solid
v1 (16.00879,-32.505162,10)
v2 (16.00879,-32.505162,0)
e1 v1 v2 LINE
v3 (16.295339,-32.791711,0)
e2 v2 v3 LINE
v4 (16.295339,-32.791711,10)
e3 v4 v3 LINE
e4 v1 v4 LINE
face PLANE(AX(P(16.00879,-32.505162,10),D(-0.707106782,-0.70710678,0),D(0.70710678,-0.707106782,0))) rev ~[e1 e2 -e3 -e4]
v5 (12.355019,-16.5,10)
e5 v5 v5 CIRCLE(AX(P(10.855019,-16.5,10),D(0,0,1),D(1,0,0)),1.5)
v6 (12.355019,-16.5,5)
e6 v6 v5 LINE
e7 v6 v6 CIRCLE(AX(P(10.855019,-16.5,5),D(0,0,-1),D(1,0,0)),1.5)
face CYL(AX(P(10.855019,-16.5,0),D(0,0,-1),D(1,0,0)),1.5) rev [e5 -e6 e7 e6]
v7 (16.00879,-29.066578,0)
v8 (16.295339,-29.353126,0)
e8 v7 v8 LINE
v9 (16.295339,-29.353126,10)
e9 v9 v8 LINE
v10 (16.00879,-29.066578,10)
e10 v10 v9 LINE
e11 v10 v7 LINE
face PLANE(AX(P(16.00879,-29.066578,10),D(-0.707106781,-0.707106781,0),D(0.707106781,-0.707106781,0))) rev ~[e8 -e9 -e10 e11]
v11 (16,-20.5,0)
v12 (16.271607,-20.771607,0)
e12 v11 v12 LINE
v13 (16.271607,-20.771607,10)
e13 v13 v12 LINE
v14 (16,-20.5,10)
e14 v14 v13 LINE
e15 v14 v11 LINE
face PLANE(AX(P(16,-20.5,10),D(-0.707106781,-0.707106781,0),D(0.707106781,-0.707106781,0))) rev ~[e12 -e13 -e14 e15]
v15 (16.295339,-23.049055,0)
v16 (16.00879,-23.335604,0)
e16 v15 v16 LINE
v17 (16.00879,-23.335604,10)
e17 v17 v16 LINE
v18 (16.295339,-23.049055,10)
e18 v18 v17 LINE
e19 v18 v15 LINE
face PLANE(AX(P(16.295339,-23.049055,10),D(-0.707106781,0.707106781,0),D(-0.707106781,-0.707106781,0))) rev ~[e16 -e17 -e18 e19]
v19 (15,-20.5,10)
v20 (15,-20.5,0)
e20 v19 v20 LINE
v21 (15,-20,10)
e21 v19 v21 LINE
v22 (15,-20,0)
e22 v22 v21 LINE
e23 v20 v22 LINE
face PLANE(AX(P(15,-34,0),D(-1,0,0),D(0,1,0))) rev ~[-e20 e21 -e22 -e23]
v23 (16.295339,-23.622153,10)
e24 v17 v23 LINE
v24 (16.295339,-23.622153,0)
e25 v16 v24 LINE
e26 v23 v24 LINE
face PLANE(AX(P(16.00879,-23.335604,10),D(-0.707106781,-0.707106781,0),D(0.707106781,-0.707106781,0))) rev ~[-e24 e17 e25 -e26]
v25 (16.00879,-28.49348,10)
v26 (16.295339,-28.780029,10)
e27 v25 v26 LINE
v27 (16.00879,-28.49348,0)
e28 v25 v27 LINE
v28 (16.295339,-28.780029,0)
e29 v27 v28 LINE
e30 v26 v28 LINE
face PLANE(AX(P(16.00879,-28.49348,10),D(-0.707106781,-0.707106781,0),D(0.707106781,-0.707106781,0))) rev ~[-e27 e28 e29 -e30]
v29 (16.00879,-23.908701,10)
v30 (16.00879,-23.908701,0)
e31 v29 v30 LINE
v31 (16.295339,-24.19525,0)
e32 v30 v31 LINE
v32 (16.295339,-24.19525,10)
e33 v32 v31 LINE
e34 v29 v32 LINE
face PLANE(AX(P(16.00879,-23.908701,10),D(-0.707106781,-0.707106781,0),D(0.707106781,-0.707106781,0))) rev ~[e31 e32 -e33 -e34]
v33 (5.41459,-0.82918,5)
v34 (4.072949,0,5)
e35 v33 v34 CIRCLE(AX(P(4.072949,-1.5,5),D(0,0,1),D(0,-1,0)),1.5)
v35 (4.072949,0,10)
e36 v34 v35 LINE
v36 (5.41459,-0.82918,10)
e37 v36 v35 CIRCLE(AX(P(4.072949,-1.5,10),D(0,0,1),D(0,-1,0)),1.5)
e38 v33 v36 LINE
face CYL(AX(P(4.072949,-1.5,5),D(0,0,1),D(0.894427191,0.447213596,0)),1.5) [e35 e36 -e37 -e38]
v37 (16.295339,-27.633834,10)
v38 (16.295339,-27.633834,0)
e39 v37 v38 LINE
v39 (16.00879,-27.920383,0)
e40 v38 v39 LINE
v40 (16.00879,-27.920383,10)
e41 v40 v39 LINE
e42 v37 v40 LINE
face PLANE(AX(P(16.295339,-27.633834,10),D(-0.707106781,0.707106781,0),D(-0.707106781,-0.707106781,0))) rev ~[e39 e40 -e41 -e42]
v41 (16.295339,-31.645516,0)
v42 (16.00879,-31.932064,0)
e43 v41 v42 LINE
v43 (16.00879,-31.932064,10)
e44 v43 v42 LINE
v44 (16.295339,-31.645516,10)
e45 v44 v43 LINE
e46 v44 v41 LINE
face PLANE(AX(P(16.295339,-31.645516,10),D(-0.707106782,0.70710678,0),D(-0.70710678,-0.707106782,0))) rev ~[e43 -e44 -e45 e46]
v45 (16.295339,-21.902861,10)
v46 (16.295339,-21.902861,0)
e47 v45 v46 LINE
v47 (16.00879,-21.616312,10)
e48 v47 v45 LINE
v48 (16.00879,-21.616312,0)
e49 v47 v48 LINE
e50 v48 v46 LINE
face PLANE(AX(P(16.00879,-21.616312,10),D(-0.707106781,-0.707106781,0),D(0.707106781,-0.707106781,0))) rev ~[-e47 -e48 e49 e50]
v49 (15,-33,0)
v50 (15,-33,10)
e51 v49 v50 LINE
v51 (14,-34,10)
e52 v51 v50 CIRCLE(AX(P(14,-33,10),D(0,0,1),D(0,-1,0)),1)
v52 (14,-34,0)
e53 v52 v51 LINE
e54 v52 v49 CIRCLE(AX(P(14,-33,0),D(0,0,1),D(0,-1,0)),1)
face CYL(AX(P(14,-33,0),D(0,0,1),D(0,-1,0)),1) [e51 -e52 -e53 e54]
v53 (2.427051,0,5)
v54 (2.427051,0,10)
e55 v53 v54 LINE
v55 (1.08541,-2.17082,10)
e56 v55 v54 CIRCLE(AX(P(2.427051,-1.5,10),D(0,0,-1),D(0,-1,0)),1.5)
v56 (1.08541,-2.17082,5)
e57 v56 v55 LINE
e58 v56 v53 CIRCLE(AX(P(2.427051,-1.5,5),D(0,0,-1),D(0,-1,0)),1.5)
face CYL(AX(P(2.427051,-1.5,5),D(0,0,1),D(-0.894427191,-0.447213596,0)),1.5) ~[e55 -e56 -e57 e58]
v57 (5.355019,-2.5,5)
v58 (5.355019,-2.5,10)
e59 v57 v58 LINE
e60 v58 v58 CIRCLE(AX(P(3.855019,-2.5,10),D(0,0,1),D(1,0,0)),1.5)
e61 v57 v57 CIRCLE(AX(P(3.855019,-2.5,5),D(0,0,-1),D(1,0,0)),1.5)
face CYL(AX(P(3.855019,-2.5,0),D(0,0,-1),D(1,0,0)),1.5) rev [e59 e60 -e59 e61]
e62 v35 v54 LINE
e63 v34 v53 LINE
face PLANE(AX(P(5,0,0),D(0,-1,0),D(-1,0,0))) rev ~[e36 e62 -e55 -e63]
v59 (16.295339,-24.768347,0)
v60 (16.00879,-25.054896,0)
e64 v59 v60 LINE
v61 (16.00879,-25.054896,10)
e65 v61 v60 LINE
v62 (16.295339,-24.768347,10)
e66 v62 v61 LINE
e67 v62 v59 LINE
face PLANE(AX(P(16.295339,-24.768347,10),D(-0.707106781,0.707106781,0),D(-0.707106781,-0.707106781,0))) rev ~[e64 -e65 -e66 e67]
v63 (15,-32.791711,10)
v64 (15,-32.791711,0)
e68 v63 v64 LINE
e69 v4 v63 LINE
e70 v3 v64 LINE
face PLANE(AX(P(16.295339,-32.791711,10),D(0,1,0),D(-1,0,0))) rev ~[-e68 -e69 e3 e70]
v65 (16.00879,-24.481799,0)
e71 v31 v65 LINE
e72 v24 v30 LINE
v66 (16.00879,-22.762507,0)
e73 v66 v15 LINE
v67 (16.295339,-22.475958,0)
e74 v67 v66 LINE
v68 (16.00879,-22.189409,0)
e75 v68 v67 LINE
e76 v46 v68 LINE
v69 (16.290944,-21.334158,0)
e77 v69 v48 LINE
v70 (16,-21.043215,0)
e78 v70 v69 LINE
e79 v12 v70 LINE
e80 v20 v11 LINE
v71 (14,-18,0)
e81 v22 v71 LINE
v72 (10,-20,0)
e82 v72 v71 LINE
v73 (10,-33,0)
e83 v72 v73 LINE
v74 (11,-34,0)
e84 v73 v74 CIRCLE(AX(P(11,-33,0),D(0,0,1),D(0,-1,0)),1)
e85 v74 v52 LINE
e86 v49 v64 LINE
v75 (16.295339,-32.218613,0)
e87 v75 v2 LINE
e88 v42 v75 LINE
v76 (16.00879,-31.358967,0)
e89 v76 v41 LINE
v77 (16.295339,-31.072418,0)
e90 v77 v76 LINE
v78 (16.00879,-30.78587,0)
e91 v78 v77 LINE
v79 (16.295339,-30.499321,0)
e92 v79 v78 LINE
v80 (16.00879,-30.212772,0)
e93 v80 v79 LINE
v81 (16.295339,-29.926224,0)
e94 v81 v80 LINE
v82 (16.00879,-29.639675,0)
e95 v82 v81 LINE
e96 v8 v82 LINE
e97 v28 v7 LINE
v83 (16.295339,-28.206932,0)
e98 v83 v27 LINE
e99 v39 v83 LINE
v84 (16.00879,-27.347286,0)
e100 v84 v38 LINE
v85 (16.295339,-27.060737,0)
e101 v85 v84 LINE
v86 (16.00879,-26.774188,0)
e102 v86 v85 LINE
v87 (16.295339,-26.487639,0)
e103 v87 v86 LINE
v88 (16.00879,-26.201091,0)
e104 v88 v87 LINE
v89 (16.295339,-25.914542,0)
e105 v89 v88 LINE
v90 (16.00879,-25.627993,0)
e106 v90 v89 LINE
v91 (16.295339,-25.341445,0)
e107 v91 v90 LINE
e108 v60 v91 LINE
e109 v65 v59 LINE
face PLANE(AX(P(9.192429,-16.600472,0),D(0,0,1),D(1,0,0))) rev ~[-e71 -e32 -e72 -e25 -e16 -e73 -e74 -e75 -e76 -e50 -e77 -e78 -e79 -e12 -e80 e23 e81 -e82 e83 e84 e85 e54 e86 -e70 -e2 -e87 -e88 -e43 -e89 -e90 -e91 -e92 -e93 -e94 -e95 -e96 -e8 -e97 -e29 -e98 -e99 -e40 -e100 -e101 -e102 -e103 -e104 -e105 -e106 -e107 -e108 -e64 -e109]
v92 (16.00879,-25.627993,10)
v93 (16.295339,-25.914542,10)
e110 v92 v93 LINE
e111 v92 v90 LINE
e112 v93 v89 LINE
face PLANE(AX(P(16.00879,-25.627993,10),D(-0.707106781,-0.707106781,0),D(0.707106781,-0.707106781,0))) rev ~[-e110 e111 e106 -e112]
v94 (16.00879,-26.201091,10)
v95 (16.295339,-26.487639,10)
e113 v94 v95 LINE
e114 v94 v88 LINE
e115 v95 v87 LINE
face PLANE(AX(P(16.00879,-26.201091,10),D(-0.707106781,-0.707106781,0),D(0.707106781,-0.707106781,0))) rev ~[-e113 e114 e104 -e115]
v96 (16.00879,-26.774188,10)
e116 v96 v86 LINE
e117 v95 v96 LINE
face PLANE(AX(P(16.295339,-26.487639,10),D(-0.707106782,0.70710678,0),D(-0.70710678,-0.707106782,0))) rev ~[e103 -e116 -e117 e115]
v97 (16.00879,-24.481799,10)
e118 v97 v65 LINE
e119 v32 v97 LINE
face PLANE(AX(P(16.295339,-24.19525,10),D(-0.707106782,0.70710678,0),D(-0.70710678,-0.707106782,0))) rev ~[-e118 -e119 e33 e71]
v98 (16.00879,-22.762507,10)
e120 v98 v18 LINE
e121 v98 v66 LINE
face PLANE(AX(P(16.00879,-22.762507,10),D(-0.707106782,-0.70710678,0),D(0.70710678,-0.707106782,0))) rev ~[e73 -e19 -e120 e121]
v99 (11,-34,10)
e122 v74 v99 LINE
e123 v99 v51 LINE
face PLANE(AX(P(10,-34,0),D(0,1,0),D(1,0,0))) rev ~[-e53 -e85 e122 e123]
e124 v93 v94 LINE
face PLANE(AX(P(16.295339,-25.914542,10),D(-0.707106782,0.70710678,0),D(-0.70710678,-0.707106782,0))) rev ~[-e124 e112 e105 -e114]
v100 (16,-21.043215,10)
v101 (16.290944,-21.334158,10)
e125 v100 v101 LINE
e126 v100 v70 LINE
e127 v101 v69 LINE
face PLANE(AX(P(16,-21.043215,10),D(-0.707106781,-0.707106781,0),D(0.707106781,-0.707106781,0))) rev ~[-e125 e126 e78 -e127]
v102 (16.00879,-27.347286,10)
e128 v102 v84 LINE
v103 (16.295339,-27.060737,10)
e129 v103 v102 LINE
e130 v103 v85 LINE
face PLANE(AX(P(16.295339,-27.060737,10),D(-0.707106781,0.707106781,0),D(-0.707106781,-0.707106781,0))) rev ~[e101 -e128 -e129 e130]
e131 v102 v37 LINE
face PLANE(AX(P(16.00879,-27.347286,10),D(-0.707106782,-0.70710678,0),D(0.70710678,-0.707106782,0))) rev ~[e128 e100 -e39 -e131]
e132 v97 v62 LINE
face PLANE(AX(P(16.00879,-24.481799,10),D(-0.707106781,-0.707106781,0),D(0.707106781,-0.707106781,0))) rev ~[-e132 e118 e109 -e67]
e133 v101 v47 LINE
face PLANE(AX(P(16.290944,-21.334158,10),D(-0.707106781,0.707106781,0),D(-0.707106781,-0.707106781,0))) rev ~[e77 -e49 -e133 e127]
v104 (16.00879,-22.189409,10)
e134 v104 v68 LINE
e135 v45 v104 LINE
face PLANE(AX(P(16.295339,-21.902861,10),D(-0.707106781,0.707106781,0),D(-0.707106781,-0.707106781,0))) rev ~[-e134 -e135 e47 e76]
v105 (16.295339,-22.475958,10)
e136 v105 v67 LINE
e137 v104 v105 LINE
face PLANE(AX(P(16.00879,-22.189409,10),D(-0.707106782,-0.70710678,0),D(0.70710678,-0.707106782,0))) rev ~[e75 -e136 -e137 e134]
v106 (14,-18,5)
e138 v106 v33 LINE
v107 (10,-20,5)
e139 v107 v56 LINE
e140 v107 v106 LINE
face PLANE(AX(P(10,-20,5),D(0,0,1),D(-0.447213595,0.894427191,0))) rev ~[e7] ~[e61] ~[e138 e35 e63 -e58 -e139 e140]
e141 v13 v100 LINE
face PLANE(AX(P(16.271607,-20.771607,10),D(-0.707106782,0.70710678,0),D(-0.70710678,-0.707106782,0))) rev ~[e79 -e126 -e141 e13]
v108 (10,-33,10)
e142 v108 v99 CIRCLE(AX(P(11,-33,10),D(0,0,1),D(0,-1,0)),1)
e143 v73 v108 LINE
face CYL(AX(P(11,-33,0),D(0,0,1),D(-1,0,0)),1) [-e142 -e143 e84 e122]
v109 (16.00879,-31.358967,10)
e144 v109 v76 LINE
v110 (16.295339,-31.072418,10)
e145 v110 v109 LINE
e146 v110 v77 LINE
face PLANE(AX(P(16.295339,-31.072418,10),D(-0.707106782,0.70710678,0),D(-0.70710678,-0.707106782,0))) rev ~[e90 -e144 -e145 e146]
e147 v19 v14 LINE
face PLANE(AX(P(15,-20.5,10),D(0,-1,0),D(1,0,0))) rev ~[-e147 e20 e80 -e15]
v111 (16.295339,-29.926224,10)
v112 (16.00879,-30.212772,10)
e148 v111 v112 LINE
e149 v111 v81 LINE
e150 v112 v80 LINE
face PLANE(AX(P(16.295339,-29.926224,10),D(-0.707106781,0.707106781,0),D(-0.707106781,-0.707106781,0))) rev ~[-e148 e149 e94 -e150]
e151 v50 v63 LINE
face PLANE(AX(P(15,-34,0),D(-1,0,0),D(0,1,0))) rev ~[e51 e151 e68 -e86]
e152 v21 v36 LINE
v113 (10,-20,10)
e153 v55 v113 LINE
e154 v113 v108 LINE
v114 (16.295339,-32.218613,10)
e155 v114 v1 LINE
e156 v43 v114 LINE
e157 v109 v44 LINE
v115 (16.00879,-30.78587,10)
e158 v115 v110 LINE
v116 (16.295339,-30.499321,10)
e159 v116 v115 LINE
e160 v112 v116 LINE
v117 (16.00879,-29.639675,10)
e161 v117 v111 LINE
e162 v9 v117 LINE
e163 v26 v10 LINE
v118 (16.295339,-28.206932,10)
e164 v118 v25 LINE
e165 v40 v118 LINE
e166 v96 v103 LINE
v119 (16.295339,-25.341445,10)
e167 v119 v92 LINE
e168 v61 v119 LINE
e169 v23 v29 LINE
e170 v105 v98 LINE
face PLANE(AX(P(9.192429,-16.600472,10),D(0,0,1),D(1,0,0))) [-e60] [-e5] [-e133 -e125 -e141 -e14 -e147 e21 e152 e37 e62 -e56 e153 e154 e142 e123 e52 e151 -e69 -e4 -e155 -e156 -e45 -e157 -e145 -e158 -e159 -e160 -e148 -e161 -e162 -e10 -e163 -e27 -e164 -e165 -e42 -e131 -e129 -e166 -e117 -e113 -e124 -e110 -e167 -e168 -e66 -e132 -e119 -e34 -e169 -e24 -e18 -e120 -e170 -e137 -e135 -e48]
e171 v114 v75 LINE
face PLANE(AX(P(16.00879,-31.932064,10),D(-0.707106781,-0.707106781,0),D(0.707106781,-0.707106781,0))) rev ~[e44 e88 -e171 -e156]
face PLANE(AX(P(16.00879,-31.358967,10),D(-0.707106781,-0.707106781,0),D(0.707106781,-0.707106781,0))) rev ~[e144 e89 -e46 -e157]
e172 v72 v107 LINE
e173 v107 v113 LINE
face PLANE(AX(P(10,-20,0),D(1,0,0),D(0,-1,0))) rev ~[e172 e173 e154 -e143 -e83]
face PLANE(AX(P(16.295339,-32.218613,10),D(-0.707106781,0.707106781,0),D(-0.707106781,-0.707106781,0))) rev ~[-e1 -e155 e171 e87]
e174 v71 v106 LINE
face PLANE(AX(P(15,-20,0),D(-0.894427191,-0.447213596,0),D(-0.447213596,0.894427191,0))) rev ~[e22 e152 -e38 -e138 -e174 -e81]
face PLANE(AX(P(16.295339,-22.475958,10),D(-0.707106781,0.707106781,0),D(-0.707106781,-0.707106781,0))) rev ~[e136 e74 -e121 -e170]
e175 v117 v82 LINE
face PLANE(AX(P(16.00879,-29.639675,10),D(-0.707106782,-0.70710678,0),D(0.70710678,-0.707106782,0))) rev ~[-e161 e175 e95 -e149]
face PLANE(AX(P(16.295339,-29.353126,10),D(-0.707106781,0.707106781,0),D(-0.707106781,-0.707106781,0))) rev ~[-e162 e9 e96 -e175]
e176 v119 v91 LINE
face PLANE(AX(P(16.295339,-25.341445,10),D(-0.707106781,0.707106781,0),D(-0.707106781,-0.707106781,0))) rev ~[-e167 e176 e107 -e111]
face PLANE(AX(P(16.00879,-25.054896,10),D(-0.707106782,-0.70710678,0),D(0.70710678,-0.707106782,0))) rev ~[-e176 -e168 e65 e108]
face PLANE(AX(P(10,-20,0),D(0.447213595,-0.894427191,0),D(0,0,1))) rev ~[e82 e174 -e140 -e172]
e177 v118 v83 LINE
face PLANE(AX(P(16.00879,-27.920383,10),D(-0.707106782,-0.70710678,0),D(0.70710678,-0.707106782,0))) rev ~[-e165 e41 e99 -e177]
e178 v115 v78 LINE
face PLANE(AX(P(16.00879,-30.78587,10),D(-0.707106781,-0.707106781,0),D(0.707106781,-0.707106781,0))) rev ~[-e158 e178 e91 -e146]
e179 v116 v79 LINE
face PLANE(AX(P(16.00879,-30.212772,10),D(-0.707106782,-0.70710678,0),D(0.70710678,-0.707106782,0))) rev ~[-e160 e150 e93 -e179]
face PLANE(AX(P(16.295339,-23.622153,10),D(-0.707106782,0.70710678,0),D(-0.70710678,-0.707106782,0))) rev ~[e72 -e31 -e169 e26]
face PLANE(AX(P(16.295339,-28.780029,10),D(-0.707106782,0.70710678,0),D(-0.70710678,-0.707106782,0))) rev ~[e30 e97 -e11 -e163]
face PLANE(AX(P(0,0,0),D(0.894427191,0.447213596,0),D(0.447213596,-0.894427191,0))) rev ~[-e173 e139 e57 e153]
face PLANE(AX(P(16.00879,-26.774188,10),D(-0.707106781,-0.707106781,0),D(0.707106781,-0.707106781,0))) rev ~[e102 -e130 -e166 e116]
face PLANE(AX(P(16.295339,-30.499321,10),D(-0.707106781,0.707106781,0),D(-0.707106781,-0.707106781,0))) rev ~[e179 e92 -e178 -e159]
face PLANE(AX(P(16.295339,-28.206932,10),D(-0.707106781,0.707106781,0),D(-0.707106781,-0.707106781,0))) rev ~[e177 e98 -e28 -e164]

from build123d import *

# Parameters (mm, degrees)
SKETCH2_R           = 1.5
BOSS_EXTRUDE1_DEPTH = 10
SKETCH3_W           = 5
SKETCH3_H           = 22.360679775
CUT_EXTRUDE1_DEPTH  = 10
FILLET2_R           = 1.5
FILLET3_R           = 1
BOSS_EXTRUDE2_DEPTH = 10


with BuildPart() as part:
    # Sketch2 → Boss-Extrude1 (new body)
    with BuildSketch(Plane.XY):
        Polygon((0, 0), (10, -20), (10, -34), (15, -34), (15, -20), (5, 0), align=None)
        with Locations((3.855019194, -2.5)):
            Circle(SKETCH2_R, mode=Mode.SUBTRACT)
        with Locations((10.855019194, -16.5)):
            Circle(SKETCH2_R, mode=Mode.SUBTRACT)
    extrude(amount=BOSS_EXTRUDE1_DEPTH)

    # Sketch3 → Cut-Extrude1 (cut)
    with BuildSketch(Plane(origin=(0, 0, 0), x_dir=(0, 0, 1), z_dir=(-0.894427191, -0.447213595, 0))):
        with Locations((2.5, -11.180339888)):
            Rectangle(SKETCH3_W, SKETCH3_H)
    extrude(amount=-CUT_EXTRUDE1_DEPTH, mode=Mode.SUBTRACT)

    # Fillet2
    fillet2_edges = [part.edges().sort_by_distance(p)[0] for p in [
        (0, 0, 7.5),
        (5, 0, 7.5),
    ]]
    fillet(fillet2_edges, radius=FILLET2_R)

    # Fillet3
    fillet3_edges = [part.edges().sort_by_distance(p)[0] for p in [
        (15, -34, 5),
        (10, -34, 5),
    ]]
    fillet(fillet3_edges, radius=FILLET3_R)

    # Sketch4 → Boss-Extrude2 (add)
    with BuildSketch(Plane.XY.offset(10)):
        Polygon((15, -20.5), (16, -20.5), (16.271607252, -20.771607252), (16, -21.043214505), (16.290943636, -21.334158141), (16.008789905, -21.616311872), (16.295338588, -21.902860555), (16.008789905, -22.189409238), (16.295338588, -22.475957922), (16.008789905, -22.762506605), (16.295338588, -23.049055289), (16.008789905, -23.335603972), (16.295338588, -23.622152655), (16.008789905, -23.908701339), (16.295338588, -24.195250022), (16.008789905, -24.481798706), (16.295338588, -24.768347389), (16.008789905, -25.054896072), (16.295338588, -25.341444756), (16.008789905, -25.627993439), (16.295338588, -25.914542122), (16.008789905, -26.201090806), (16.295338588, -26.487639489), (16.008789905, -26.774188173), (16.295338588, -27.060736856), (16.008789905, -27.347285539), (16.295338588, -27.633834223), (16.008789905, -27.920382906), (16.295338588, -28.20693159), (16.008789905, -28.493480273), (16.295338588, -28.780028956), (16.008789905, -29.06657764), (16.295338588, -29.353126323), (16.008789905, -29.639675006), (16.295338588, -29.92622369), (16.008789905, -30.212772373), (16.295338588, -30.499321057), (16.008789905, -30.78586974), (16.295338588, -31.072418423), (16.008789905, -31.358967107), (16.295338588, -31.64551579), (16.008789905, -31.932064474), (16.295338588, -32.218613157), (16.008789905, -32.50516184), (16.295338588, -32.791710524), (15, -32.791710524), align=None)
    extrude(amount=-BOSS_EXTRUDE2_DEPTH)


solid = part.part
